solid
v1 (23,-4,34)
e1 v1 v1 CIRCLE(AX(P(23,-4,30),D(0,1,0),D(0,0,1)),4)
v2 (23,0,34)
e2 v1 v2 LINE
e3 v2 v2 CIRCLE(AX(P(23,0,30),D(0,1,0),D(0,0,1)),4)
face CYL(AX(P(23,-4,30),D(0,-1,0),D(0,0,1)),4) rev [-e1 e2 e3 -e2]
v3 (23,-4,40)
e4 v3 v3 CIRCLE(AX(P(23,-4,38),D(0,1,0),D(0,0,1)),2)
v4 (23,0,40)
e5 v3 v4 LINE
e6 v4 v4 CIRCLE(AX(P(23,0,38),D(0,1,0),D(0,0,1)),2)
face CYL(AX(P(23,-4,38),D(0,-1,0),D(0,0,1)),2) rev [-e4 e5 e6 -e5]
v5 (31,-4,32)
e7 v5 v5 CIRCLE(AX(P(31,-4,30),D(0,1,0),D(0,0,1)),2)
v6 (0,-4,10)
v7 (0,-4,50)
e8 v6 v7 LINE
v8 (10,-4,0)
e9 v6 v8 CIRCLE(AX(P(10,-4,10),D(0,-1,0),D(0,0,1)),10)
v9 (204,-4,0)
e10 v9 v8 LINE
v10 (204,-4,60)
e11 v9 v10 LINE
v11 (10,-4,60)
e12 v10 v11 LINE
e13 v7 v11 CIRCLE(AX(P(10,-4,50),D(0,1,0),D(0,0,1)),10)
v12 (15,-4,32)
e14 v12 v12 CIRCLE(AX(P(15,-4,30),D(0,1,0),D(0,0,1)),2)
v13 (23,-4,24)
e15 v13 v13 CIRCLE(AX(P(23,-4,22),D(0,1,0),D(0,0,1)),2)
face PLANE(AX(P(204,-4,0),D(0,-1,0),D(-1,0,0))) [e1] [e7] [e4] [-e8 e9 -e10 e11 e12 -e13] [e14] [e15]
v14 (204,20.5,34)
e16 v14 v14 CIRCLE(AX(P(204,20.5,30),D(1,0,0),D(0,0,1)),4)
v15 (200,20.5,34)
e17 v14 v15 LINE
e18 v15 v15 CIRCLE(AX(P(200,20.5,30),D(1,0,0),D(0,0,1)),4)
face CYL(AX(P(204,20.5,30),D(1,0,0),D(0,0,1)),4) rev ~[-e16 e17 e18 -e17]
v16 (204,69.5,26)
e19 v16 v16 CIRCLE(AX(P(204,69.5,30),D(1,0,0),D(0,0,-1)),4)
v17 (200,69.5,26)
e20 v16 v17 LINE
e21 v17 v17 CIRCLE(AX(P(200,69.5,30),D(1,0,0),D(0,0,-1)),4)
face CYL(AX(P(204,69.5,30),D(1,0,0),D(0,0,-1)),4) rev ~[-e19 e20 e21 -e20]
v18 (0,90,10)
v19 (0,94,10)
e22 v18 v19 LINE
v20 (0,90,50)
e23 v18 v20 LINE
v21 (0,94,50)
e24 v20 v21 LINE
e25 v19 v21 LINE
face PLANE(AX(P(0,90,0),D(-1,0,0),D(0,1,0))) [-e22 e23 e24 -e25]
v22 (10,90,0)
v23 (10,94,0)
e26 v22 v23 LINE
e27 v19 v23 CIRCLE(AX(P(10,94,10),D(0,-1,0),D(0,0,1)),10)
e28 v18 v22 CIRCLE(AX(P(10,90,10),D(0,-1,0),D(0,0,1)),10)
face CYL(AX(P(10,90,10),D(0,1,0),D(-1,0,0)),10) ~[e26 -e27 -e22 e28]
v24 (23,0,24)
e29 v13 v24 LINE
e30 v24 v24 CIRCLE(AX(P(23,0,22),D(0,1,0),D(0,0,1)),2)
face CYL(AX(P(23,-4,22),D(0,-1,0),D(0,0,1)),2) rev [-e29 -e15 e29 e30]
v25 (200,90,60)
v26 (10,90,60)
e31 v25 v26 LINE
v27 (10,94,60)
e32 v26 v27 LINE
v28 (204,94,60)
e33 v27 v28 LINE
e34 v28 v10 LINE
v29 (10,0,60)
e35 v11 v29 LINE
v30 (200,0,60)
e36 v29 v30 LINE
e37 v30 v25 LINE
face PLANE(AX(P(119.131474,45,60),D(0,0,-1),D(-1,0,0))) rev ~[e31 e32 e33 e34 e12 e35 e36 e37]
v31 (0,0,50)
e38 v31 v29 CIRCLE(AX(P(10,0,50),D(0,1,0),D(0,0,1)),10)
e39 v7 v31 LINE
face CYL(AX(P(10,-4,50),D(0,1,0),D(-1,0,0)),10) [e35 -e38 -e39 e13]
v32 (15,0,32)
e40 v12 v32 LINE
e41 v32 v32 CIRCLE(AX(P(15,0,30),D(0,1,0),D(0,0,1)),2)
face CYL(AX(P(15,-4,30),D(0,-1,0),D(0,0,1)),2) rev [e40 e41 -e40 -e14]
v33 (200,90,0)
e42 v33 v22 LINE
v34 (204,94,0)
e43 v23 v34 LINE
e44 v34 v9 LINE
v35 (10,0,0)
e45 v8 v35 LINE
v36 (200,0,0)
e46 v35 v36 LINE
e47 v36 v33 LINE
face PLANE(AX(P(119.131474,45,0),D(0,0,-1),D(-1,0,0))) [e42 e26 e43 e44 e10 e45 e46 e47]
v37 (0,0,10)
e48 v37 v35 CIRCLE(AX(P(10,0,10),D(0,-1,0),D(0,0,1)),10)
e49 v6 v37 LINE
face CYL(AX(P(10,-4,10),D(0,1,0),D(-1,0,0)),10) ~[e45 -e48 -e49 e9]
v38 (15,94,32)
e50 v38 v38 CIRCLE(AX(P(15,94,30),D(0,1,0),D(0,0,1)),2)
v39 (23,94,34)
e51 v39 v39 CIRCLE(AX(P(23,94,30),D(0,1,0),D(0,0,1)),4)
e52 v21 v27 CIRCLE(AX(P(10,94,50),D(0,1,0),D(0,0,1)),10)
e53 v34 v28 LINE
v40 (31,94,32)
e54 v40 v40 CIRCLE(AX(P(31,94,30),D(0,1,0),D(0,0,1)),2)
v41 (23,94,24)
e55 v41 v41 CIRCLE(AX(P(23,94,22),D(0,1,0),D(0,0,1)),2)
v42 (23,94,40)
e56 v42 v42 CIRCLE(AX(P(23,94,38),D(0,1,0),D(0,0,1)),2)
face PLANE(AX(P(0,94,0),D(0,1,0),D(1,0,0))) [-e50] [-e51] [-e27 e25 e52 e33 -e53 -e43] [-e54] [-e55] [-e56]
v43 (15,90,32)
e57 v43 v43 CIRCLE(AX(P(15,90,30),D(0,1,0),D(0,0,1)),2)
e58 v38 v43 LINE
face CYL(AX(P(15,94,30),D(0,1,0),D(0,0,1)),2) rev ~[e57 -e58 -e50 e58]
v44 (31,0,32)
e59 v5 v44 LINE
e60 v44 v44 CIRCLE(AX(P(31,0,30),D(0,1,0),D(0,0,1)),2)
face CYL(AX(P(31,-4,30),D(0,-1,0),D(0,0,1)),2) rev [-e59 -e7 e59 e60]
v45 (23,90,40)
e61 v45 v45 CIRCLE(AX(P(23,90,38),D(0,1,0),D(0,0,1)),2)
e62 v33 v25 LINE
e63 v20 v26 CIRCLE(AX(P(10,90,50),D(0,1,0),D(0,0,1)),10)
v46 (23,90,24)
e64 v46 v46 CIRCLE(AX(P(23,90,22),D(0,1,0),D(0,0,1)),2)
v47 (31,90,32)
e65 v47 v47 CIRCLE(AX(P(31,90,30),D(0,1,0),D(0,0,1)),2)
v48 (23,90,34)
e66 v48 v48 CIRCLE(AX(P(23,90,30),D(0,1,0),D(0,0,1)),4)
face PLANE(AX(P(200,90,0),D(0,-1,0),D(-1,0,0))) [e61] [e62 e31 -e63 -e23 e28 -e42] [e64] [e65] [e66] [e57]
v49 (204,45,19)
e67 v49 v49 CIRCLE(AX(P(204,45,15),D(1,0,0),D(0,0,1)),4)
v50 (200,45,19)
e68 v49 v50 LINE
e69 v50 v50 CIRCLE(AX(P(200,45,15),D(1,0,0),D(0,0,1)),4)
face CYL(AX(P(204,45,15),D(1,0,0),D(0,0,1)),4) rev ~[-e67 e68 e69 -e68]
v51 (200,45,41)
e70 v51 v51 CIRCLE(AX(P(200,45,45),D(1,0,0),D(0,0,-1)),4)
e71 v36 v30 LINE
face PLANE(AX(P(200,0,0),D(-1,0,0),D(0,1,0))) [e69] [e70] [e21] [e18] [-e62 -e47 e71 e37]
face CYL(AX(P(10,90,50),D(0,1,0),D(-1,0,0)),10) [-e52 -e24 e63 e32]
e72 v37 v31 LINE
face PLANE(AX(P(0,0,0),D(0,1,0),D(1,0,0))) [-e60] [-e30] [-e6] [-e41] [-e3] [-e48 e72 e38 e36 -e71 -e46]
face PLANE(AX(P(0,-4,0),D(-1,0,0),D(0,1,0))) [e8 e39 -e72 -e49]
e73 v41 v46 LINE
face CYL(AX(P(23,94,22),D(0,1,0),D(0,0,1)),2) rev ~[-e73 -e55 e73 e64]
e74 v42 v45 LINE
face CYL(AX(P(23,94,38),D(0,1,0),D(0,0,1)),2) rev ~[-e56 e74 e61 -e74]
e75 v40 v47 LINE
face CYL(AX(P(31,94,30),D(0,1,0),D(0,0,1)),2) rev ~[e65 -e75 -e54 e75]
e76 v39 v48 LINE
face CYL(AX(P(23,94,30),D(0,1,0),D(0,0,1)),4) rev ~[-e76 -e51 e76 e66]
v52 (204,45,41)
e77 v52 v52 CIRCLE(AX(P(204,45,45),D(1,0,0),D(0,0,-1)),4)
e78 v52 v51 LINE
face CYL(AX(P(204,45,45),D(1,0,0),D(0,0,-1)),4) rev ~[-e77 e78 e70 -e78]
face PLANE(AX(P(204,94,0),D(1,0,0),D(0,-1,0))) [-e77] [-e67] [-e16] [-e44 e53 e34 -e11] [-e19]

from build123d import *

# Parameters (mm, degrees)
EKSTR_ZYON_NCE1_DEPTH = 60
RADYUS1_R             = 10
KES_EKSTR_ZYON1_REACH = 236.137
IZIM2_R               = 4
IZIM2_R_2             = 2
KES_EKSTR_ZYON2_REACH = 234.491
IZIM3_R               = 4


with BuildPart() as part:
    # Çizim1 → Ekstrüzyon-İnce1 (new body)
    with BuildSketch(Plane.XY):
        Polygon((0, 0), (200, 0), (200, 90), (0, 90), (0, 94), (204, 94), (204, -4), (0, -4), align=None)
    extrude(amount=EKSTR_ZYON_NCE1_DEPTH)

    # Radyus1
    radyus1_edges = [part.edges().sort_by_distance(p)[0] for p in [
        (0, -2, 60),
        (0, 92, 60),
        (0, -2, 0),
        (0, 92, 0),
    ]]
    fillet(radyus1_edges, radius=RADYUS1_R)

    # Çizim2 → Kes-Ekstrüzyon1 (cut, up to next)
    with BuildSketch(Plane(origin=(0, 94, 0), x_dir=(1, 0, 0), z_dir=(0, 1, 0)), mode=Mode.PRIVATE) as kes_ekstr_zyon1_sk1:
        with Locations(Location((23, -30, 0), (0, 0, 270))):
            Circle(IZIM2_R)
    kes_ekstr_zyon1_tool1 = extrude(kes_ekstr_zyon1_sk1.sketch, amount=-KES_EKSTR_ZYON1_REACH, mode=Mode.PRIVATE) & part.part
    # Çizim2 → Kes-Ekstrüzyon1 (cut, up to next)
    with BuildSketch(Plane(origin=(0, 94, 0), x_dir=(1, 0, 0), z_dir=(0, 1, 0)), mode=Mode.PRIVATE) as kes_ekstr_zyon1_sk2:
        with Locations(Location((23, -22, 0), (0, 0, 270))):
            Circle(IZIM2_R_2)
    kes_ekstr_zyon1_tool2 = extrude(kes_ekstr_zyon1_sk2.sketch, amount=-KES_EKSTR_ZYON1_REACH, mode=Mode.PRIVATE) & part.part
    # Çizim2 → Kes-Ekstrüzyon1 (cut, up to next)
    with BuildSketch(Plane(origin=(0, 94, 0), x_dir=(1, 0, 0), z_dir=(0, 1, 0)), mode=Mode.PRIVATE) as kes_ekstr_zyon1_sk3:
        with Locations(Location((23, -38, 0), (0, 0, 270))):
            Circle(IZIM2_R_2)
    kes_ekstr_zyon1_tool3 = extrude(kes_ekstr_zyon1_sk3.sketch, amount=-KES_EKSTR_ZYON1_REACH, mode=Mode.PRIVATE) & part.part
    # Çizim2 → Kes-Ekstrüzyon1 (cut, up to next)
    with BuildSketch(Plane(origin=(0, 94, 0), x_dir=(1, 0, 0), z_dir=(0, 1, 0)), mode=Mode.PRIVATE) as kes_ekstr_zyon1_sk4:
        with Locations(Location((31, -30, 0), (0, 0, 270))):
            Circle(IZIM2_R_2)
    kes_ekstr_zyon1_tool4 = extrude(kes_ekstr_zyon1_sk4.sketch, amount=-KES_EKSTR_ZYON1_REACH, mode=Mode.PRIVATE) & part.part
    # Çizim2 → Kes-Ekstrüzyon1 (cut, up to next)
    with BuildSketch(Plane(origin=(0, 94, 0), x_dir=(1, 0, 0), z_dir=(0, 1, 0)), mode=Mode.PRIVATE) as kes_ekstr_zyon1_sk5:
        with Locations(Location((15, -30, 0), (0, 0, 270))):
            Circle(IZIM2_R_2)
    kes_ekstr_zyon1_tool5 = extrude(kes_ekstr_zyon1_sk5.sketch, amount=-KES_EKSTR_ZYON1_REACH, mode=Mode.PRIVATE) & part.part
    kes_ekstr_zyon1_1 = kes_ekstr_zyon1_tool1.solids().sort_by_distance((23, 94, 30))[0]
    add(kes_ekstr_zyon1_1, mode=Mode.SUBTRACT)
    kes_ekstr_zyon1_2 = kes_ekstr_zyon1_tool2.solids().sort_by_distance((23, 94, 22))[0]
    add(kes_ekstr_zyon1_2, mode=Mode.SUBTRACT)
    kes_ekstr_zyon1_3 = kes_ekstr_zyon1_tool3.solids().sort_by_distance((23, 94, 38))[0]
    add(kes_ekstr_zyon1_3, mode=Mode.SUBTRACT)
    kes_ekstr_zyon1_4 = kes_ekstr_zyon1_tool4.solids().sort_by_distance((31, 94, 30))[0]
    add(kes_ekstr_zyon1_4, mode=Mode.SUBTRACT)
    kes_ekstr_zyon1_5 = kes_ekstr_zyon1_tool5.solids().sort_by_distance((15, 94, 30))[0]
    add(kes_ekstr_zyon1_5, mode=Mode.SUBTRACT)
    kes_ekstr_zyon1 = kes_ekstr_zyon1_1 + kes_ekstr_zyon1_2 + kes_ekstr_zyon1_3 + kes_ekstr_zyon1_4 + kes_ekstr_zyon1_5  # Kes-Ekstrüzyon1 as one shape, for the pattern or mirror that repeats it

    # Aynalama1: Kes-Ekstrüzyon1 across plane
    add(kes_ekstr_zyon1.mirror(Plane.ZX.offset(45)), mode=Mode.SUBTRACT)

    # Çizim3 → Kes-Ekstrüzyon2 (cut, up to next)
    with BuildSketch(Plane(origin=(204, 0, 0), x_dir=(0, 0, -1), z_dir=(1, 0, 0)), mode=Mode.PRIVATE) as kes_ekstr_zyon2_sk1:
        with Locations((-30, 69.5)):
            Circle(IZIM3_R)
    kes_ekstr_zyon2_tool1 = extrude(kes_ekstr_zyon2_sk1.sketch, amount=-KES_EKSTR_ZYON2_REACH, mode=Mode.PRIVATE) & part.part
    # Çizim3 → Kes-Ekstrüzyon2 (cut, up to next)
    with BuildSketch(Plane(origin=(204, 0, 0), x_dir=(0, 0, -1), z_dir=(1, 0, 0)), mode=Mode.PRIVATE) as kes_ekstr_zyon2_sk2:
        with Locations((-45, 45)):
            Circle(IZIM3_R)
    kes_ekstr_zyon2_tool2 = extrude(kes_ekstr_zyon2_sk2.sketch, amount=-KES_EKSTR_ZYON2_REACH, mode=Mode.PRIVATE) & part.part
    # Çizim3 → Kes-Ekstrüzyon2 (cut, up to next)
    with BuildSketch(Plane(origin=(204, 0, 0), x_dir=(0, 0, -1), z_dir=(1, 0, 0)), mode=Mode.PRIVATE) as kes_ekstr_zyon2_sk3:
        with Locations(Location((-15, 45, 0), (0, 0, 180))):
            Circle(IZIM3_R)
    kes_ekstr_zyon2_tool3 = extrude(kes_ekstr_zyon2_sk3.sketch, amount=-KES_EKSTR_ZYON2_REACH, mode=Mode.PRIVATE) & part.part
    # Çizim3 → Kes-Ekstrüzyon2 (cut, up to next)
    with BuildSketch(Plane(origin=(204, 0, 0), x_dir=(0, 0, -1), z_dir=(1, 0, 0)), mode=Mode.PRIVATE) as kes_ekstr_zyon2_sk4:
        with Locations(Location((-30, 20.5, 0), (0, 0, 180))):
            Circle(IZIM3_R)
    kes_ekstr_zyon2_tool4 = extrude(kes_ekstr_zyon2_sk4.sketch, amount=-KES_EKSTR_ZYON2_REACH, mode=Mode.PRIVATE) & part.part
    add(kes_ekstr_zyon2_tool1.solids().sort_by_distance((204, 69.5, 30))[0], mode=Mode.SUBTRACT)
    add(kes_ekstr_zyon2_tool2.solids().sort_by_distance((204, 45, 45))[0], mode=Mode.SUBTRACT)
    add(kes_ekstr_zyon2_tool3.solids().sort_by_distance((204, 45, 15))[0], mode=Mode.SUBTRACT)
    add(kes_ekstr_zyon2_tool4.solids().sort_by_distance((204, 20.5, 30))[0], mode=Mode.SUBTRACT)


solid = part.part
